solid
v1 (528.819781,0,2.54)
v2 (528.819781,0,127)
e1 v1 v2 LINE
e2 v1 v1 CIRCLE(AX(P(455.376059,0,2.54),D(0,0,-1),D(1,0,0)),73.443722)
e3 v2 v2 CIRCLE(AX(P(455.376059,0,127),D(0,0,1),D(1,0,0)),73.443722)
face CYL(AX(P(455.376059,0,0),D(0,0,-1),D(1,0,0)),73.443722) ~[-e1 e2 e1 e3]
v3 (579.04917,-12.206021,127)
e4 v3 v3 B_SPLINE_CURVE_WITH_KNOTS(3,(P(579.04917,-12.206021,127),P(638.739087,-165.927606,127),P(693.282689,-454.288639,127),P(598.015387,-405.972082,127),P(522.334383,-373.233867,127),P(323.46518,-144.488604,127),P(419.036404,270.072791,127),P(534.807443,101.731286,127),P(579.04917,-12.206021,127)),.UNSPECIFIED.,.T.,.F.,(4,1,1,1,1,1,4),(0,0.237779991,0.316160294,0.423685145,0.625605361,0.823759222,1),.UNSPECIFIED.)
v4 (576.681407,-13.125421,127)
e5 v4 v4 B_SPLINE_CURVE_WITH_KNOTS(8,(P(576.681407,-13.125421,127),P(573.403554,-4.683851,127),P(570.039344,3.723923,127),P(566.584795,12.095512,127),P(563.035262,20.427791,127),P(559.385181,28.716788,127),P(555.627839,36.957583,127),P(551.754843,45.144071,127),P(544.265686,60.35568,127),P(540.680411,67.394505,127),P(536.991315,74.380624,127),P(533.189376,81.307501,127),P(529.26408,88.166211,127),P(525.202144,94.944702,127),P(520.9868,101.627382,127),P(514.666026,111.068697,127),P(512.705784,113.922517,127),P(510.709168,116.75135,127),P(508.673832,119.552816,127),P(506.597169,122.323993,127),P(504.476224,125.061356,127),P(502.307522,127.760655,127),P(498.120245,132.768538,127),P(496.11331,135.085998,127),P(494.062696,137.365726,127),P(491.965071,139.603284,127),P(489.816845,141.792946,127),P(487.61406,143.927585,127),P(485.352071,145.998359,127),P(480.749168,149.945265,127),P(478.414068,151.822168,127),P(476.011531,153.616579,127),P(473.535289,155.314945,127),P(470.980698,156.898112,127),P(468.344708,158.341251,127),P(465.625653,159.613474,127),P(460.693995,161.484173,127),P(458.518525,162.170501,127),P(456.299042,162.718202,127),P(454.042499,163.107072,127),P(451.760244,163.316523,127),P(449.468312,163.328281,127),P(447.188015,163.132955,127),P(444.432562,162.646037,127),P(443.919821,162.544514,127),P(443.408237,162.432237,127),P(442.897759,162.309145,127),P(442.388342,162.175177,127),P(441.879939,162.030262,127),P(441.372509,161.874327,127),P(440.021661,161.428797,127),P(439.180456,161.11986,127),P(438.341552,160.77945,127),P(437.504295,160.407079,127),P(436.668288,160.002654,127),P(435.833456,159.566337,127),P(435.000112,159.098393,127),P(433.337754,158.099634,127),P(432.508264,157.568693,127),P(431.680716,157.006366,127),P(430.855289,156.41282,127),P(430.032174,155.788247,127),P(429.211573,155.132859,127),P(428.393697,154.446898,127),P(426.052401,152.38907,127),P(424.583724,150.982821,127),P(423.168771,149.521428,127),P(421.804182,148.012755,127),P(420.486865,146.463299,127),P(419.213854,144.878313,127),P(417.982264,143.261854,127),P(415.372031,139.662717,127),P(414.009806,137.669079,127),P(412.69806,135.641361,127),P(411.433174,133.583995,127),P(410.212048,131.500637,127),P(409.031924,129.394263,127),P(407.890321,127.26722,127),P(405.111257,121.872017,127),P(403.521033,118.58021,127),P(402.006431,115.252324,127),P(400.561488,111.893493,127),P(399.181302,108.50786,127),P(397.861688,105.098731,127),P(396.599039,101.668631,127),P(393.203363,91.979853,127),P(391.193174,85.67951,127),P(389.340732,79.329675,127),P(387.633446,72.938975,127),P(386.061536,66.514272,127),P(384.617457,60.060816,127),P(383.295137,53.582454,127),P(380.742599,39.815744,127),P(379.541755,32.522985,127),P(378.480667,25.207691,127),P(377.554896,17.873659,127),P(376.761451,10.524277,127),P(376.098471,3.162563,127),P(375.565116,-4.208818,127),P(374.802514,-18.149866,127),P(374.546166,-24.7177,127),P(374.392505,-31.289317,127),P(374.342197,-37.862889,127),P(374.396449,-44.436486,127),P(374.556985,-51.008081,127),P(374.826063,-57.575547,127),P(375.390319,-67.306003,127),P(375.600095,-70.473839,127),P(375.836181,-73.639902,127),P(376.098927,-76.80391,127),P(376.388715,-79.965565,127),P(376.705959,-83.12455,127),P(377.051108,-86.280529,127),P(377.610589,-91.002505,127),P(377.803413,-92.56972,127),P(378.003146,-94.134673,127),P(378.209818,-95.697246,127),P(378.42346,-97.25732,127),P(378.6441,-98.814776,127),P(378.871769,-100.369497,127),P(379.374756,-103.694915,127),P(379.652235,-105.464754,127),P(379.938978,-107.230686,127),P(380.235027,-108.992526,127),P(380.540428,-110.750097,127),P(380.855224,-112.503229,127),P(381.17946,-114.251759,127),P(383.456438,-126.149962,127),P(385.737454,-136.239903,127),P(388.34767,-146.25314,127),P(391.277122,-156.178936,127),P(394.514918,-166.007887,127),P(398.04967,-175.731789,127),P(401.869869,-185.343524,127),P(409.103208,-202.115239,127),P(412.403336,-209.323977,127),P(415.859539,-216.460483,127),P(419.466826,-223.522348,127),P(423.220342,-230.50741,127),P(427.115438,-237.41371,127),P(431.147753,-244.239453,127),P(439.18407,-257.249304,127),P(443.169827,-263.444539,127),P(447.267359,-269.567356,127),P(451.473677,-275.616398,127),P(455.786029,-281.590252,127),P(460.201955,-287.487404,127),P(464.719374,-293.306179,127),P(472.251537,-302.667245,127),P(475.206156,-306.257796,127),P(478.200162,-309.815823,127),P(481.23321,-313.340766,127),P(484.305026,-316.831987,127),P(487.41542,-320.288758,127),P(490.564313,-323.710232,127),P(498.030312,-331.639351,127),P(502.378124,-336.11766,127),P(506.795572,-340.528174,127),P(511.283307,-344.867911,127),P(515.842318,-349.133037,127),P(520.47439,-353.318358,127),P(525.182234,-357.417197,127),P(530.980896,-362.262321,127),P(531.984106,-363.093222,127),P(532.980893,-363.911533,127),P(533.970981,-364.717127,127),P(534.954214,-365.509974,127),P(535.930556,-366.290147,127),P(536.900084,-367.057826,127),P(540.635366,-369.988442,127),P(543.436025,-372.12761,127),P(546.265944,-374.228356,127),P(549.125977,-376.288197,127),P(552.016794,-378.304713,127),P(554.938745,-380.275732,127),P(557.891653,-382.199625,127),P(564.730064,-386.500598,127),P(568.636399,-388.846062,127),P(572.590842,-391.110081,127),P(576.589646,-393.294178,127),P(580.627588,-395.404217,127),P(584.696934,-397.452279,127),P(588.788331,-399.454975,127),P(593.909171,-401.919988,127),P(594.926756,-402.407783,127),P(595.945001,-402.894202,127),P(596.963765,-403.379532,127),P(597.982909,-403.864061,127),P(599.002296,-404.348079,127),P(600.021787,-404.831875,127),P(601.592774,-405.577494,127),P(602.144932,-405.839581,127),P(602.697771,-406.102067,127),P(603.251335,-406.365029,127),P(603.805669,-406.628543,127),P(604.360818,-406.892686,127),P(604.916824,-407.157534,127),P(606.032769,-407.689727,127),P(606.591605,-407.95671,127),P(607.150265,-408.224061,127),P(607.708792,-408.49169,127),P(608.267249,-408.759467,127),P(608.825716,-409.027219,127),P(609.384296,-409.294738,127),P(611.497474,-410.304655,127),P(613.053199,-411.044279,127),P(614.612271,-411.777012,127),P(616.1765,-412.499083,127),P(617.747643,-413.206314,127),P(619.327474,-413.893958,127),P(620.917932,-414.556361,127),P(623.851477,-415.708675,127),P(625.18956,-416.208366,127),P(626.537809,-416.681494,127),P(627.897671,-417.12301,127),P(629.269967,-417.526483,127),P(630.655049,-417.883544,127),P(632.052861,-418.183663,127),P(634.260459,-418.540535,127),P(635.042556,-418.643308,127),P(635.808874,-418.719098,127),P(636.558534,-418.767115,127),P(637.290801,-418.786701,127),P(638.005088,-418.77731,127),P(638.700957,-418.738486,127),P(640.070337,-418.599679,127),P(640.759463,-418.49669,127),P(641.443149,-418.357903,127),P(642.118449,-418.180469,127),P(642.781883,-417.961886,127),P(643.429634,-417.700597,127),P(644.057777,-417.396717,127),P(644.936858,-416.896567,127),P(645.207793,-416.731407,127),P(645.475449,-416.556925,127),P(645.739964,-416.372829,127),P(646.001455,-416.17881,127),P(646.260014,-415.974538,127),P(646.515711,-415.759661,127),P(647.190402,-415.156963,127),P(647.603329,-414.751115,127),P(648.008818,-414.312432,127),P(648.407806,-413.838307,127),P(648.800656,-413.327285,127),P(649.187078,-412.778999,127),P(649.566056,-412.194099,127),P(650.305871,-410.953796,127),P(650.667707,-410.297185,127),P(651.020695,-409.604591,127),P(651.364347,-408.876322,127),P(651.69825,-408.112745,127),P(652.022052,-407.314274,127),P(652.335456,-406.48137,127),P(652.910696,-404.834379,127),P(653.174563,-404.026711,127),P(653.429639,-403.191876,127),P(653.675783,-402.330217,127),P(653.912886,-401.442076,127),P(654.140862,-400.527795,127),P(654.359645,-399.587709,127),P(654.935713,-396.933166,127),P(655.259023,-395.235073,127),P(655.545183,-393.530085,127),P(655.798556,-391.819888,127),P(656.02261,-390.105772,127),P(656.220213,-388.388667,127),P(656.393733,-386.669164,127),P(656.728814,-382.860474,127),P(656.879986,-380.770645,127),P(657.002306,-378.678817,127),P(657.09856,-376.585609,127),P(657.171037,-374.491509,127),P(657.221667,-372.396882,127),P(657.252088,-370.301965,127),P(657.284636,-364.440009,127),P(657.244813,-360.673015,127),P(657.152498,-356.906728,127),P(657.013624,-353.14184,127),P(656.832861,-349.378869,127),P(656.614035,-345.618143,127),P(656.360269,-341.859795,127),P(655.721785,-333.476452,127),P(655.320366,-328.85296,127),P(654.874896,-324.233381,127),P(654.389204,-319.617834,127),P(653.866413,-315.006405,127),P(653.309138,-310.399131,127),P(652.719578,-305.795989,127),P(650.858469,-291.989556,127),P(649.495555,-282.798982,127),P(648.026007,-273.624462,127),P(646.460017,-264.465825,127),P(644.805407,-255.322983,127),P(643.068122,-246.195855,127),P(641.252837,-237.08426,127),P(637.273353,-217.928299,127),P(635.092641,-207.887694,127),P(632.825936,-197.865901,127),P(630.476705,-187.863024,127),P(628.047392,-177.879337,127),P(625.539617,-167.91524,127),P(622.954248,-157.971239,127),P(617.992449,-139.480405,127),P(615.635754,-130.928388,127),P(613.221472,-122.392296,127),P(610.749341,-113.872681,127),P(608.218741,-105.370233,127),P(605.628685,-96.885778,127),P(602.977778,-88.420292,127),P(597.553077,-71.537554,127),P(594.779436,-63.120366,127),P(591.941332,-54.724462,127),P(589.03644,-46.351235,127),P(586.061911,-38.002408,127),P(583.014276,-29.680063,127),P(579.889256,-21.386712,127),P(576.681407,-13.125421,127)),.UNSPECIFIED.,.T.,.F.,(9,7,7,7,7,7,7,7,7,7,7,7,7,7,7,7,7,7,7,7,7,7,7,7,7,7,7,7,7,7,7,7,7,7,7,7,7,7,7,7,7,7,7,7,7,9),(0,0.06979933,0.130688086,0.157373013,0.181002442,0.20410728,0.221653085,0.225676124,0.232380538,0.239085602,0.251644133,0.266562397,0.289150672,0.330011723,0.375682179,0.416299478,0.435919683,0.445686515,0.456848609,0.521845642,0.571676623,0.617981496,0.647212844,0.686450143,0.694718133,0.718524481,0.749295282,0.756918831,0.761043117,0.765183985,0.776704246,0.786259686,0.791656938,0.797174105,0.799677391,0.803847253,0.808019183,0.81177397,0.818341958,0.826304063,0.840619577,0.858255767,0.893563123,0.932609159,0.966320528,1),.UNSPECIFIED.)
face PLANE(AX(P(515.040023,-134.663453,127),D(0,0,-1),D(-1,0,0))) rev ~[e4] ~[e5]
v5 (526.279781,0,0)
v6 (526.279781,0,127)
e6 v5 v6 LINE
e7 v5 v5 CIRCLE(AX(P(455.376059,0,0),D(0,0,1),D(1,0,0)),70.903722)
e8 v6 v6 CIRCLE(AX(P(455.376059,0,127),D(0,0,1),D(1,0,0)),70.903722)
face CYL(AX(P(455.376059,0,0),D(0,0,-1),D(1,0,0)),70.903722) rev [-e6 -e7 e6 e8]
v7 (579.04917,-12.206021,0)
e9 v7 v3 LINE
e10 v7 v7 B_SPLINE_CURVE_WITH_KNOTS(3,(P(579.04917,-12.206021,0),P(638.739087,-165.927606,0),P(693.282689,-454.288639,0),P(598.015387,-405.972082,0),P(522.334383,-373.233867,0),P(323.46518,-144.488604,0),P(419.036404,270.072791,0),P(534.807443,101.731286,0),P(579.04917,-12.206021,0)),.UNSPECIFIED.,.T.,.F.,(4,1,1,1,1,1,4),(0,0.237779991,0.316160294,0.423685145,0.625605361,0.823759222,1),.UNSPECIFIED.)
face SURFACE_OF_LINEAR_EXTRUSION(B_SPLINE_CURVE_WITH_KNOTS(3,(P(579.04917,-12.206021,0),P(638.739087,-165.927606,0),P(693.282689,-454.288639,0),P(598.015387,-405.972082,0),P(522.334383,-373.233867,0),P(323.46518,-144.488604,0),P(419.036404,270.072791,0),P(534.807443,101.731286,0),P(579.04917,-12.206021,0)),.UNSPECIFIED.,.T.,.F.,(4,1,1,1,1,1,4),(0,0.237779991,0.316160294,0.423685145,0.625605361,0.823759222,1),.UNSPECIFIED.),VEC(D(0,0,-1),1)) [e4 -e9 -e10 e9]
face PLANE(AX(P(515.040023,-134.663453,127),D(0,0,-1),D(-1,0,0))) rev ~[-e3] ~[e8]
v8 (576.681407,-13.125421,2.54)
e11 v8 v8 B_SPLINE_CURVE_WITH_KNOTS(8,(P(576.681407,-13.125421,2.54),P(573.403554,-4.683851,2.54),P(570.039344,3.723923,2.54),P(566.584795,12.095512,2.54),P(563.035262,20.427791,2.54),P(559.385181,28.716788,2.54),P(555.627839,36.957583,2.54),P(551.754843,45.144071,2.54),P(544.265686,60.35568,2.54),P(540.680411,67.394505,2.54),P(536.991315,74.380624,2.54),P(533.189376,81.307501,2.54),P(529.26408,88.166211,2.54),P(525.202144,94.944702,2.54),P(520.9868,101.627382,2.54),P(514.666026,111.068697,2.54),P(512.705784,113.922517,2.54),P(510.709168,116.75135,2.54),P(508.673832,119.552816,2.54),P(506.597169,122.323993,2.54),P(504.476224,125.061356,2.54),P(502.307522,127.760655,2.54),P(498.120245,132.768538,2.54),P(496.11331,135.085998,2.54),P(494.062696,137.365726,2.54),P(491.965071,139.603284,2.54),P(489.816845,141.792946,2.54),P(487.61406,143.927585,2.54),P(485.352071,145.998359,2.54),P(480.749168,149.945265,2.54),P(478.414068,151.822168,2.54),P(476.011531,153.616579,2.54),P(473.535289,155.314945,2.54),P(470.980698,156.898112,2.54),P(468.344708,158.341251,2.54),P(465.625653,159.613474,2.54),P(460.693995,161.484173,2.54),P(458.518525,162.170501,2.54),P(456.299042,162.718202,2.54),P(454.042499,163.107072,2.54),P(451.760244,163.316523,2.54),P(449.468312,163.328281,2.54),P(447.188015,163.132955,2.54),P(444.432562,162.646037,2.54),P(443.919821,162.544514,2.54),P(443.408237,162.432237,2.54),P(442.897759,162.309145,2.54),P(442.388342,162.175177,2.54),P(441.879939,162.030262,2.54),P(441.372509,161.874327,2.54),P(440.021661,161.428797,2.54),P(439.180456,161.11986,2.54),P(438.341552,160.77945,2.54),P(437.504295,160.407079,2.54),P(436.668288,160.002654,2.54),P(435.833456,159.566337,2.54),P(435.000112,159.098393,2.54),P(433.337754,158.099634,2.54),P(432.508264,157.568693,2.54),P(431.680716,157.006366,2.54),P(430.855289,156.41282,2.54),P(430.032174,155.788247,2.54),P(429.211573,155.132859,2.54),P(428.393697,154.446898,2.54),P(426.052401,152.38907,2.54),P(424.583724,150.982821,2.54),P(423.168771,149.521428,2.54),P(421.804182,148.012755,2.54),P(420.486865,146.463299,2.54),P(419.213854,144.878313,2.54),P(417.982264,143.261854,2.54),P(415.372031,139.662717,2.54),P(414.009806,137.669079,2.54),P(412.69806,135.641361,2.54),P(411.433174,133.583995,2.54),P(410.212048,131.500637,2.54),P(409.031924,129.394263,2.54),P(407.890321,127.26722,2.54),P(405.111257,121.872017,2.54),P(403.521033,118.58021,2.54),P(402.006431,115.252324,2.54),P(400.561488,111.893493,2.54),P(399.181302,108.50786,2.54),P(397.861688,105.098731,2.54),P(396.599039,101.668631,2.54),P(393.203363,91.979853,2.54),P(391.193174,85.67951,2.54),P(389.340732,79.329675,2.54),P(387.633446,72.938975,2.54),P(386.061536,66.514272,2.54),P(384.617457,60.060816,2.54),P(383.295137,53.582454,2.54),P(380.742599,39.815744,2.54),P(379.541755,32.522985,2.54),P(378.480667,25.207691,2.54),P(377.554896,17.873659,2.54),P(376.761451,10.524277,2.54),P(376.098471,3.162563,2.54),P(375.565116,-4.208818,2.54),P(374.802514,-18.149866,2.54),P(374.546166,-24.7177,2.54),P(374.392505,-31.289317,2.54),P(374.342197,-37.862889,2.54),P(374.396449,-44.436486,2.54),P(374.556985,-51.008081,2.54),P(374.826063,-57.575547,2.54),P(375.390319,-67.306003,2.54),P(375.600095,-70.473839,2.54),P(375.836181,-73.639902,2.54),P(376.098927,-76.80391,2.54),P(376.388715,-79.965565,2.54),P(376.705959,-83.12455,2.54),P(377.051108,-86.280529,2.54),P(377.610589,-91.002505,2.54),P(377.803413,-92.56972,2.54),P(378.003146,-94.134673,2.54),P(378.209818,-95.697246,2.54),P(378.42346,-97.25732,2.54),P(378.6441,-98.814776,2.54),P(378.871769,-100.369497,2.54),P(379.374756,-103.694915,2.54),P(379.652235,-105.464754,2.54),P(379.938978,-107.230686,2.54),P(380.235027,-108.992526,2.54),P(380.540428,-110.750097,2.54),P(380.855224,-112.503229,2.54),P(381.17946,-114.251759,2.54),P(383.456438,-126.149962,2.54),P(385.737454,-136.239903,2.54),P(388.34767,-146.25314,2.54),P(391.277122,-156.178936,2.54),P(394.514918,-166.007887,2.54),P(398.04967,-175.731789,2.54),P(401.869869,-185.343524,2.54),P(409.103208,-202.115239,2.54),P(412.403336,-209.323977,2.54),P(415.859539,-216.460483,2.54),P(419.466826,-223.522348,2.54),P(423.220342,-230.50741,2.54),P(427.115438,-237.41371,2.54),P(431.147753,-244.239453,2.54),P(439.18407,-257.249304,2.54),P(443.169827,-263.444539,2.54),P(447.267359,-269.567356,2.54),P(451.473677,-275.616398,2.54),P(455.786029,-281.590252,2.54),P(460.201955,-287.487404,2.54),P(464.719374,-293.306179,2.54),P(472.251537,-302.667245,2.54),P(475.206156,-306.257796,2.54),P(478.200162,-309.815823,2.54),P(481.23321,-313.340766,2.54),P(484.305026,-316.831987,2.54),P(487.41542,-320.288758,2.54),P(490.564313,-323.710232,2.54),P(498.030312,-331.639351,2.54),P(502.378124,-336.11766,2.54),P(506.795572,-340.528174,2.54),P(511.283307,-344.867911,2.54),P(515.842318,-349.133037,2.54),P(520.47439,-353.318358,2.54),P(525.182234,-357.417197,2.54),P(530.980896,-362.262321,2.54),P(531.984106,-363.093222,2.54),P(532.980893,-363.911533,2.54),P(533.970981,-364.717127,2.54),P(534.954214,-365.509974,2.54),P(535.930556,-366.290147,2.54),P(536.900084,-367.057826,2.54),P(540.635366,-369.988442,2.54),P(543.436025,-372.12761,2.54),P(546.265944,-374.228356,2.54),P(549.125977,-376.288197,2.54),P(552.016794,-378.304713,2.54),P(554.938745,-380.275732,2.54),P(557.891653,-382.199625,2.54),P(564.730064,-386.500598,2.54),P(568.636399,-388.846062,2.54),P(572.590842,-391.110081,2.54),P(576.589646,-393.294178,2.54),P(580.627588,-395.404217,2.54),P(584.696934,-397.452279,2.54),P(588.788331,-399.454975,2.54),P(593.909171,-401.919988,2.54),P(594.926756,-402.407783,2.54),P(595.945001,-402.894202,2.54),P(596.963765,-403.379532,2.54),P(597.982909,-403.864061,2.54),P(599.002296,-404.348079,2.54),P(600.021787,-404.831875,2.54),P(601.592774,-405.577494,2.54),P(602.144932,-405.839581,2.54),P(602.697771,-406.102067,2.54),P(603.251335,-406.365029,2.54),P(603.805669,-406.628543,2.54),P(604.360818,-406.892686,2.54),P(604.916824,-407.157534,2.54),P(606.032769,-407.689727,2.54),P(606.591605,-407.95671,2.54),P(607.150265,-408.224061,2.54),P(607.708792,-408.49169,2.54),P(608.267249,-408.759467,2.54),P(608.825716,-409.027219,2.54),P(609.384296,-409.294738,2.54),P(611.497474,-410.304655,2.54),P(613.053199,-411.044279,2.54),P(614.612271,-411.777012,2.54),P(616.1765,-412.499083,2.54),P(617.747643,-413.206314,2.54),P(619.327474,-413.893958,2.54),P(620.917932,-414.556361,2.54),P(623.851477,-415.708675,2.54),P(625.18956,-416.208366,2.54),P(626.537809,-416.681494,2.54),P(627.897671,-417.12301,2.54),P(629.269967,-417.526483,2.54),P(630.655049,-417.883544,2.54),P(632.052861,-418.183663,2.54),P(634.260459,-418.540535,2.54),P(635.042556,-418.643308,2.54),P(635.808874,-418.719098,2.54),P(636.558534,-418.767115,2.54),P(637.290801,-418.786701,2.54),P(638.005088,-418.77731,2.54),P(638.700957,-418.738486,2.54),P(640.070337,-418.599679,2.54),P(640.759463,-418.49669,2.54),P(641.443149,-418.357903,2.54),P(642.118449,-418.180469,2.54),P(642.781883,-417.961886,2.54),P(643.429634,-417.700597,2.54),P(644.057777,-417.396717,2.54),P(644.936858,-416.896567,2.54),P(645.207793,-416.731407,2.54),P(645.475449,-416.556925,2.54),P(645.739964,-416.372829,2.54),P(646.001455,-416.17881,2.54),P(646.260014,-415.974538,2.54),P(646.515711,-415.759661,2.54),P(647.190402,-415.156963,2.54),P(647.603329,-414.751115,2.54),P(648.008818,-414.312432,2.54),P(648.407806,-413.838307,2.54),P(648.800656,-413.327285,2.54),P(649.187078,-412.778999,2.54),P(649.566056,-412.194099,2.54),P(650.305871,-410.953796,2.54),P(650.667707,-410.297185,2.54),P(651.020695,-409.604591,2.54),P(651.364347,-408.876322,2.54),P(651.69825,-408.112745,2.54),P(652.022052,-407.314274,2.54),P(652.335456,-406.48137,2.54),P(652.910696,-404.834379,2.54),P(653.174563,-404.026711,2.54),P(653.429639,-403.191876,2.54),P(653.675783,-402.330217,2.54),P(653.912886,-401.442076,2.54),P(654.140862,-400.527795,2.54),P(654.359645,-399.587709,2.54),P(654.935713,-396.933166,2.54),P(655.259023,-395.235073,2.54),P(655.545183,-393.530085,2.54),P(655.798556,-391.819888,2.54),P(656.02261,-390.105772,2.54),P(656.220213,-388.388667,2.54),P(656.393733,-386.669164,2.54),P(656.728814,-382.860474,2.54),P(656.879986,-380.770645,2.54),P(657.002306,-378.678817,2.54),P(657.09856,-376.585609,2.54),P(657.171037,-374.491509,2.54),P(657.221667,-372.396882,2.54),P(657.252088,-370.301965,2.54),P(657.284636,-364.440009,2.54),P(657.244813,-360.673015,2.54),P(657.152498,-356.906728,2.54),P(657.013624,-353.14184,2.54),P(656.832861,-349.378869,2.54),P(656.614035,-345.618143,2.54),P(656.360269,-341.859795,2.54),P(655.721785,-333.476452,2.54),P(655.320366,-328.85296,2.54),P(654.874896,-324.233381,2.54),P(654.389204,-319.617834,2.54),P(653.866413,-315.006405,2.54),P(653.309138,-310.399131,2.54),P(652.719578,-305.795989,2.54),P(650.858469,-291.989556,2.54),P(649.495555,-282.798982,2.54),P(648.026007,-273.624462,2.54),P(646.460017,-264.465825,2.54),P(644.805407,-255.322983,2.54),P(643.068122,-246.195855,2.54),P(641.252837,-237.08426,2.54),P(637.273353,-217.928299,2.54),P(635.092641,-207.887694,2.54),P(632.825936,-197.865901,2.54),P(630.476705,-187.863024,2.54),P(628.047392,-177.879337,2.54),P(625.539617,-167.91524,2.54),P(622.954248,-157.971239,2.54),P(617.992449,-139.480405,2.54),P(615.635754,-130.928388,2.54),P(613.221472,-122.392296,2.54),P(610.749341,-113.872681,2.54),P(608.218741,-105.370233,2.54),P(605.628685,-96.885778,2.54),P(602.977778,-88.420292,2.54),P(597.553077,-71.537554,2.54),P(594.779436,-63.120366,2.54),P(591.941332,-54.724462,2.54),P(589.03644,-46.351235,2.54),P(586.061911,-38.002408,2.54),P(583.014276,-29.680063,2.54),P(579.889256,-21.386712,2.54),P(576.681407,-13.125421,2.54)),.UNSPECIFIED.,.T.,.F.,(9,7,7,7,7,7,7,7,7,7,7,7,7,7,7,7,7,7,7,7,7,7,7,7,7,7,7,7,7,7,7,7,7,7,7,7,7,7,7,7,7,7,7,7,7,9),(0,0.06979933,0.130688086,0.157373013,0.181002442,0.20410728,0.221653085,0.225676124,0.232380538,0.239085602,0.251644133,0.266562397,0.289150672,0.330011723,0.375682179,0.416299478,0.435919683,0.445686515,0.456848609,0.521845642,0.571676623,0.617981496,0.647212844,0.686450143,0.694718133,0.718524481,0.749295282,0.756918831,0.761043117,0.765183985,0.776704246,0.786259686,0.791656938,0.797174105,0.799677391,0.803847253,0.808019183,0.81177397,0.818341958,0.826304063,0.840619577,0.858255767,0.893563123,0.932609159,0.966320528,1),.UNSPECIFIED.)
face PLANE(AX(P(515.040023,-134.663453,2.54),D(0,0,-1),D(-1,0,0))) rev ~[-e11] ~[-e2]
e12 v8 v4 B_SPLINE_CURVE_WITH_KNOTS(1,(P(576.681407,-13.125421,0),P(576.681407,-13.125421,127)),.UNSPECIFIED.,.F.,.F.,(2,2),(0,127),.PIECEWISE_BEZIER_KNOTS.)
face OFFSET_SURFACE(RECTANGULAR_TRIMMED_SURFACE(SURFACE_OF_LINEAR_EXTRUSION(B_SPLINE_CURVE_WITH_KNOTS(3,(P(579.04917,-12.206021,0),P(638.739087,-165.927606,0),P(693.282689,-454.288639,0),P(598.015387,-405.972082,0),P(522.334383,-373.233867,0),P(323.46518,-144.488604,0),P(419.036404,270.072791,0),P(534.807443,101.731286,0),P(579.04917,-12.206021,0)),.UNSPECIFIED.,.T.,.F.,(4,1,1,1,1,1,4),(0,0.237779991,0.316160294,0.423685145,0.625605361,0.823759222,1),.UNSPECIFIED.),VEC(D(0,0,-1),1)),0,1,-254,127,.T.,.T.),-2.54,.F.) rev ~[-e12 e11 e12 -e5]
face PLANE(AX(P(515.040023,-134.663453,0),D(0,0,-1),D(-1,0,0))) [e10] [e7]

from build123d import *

# Parameters (mm, degrees)
F0_R     = 70.903721717
F1_DEPTH = 127
F2_T     = -2.54


with BuildPart() as f1:
    # F0 (on Top) → F1 (new body)
    with BuildSketch(Plane.XY):
        with BuildLine():
            add(Edge.make_bspline(
                [(579.0491700172, -12.206020765), (638.7390870234, -165.9276064452), (693.2826893998, -454.2886386731), (598.0153868816, -405.9720821625), (522.3343827961, -373.2338674079), (323.465180189, -144.4886036698), (419.0364037085, 270.0727907785), (534.8074431481, 101.7312863828), (579.0491700172, -12.206020765)],
                knots=[0, 0, 0, 0, 0.2377799912, 0.316160294, 0.4236851453, 0.6256053607, 0.8237592218, 1, 1, 1, 1], degree=3))
        make_face()
        with Locations((455.3760588169, 0)):
            Circle(F0_R, mode=Mode.SUBTRACT)
    extrude(amount=F1_DEPTH)

    # F2
    f2_openings = [f1.faces().sort_by_distance(p)[0] for p in [
        (520.002699, -153.718496, 127),
    ]]
    offset(amount=F2_T, openings=f2_openings)


solid = f1.part
